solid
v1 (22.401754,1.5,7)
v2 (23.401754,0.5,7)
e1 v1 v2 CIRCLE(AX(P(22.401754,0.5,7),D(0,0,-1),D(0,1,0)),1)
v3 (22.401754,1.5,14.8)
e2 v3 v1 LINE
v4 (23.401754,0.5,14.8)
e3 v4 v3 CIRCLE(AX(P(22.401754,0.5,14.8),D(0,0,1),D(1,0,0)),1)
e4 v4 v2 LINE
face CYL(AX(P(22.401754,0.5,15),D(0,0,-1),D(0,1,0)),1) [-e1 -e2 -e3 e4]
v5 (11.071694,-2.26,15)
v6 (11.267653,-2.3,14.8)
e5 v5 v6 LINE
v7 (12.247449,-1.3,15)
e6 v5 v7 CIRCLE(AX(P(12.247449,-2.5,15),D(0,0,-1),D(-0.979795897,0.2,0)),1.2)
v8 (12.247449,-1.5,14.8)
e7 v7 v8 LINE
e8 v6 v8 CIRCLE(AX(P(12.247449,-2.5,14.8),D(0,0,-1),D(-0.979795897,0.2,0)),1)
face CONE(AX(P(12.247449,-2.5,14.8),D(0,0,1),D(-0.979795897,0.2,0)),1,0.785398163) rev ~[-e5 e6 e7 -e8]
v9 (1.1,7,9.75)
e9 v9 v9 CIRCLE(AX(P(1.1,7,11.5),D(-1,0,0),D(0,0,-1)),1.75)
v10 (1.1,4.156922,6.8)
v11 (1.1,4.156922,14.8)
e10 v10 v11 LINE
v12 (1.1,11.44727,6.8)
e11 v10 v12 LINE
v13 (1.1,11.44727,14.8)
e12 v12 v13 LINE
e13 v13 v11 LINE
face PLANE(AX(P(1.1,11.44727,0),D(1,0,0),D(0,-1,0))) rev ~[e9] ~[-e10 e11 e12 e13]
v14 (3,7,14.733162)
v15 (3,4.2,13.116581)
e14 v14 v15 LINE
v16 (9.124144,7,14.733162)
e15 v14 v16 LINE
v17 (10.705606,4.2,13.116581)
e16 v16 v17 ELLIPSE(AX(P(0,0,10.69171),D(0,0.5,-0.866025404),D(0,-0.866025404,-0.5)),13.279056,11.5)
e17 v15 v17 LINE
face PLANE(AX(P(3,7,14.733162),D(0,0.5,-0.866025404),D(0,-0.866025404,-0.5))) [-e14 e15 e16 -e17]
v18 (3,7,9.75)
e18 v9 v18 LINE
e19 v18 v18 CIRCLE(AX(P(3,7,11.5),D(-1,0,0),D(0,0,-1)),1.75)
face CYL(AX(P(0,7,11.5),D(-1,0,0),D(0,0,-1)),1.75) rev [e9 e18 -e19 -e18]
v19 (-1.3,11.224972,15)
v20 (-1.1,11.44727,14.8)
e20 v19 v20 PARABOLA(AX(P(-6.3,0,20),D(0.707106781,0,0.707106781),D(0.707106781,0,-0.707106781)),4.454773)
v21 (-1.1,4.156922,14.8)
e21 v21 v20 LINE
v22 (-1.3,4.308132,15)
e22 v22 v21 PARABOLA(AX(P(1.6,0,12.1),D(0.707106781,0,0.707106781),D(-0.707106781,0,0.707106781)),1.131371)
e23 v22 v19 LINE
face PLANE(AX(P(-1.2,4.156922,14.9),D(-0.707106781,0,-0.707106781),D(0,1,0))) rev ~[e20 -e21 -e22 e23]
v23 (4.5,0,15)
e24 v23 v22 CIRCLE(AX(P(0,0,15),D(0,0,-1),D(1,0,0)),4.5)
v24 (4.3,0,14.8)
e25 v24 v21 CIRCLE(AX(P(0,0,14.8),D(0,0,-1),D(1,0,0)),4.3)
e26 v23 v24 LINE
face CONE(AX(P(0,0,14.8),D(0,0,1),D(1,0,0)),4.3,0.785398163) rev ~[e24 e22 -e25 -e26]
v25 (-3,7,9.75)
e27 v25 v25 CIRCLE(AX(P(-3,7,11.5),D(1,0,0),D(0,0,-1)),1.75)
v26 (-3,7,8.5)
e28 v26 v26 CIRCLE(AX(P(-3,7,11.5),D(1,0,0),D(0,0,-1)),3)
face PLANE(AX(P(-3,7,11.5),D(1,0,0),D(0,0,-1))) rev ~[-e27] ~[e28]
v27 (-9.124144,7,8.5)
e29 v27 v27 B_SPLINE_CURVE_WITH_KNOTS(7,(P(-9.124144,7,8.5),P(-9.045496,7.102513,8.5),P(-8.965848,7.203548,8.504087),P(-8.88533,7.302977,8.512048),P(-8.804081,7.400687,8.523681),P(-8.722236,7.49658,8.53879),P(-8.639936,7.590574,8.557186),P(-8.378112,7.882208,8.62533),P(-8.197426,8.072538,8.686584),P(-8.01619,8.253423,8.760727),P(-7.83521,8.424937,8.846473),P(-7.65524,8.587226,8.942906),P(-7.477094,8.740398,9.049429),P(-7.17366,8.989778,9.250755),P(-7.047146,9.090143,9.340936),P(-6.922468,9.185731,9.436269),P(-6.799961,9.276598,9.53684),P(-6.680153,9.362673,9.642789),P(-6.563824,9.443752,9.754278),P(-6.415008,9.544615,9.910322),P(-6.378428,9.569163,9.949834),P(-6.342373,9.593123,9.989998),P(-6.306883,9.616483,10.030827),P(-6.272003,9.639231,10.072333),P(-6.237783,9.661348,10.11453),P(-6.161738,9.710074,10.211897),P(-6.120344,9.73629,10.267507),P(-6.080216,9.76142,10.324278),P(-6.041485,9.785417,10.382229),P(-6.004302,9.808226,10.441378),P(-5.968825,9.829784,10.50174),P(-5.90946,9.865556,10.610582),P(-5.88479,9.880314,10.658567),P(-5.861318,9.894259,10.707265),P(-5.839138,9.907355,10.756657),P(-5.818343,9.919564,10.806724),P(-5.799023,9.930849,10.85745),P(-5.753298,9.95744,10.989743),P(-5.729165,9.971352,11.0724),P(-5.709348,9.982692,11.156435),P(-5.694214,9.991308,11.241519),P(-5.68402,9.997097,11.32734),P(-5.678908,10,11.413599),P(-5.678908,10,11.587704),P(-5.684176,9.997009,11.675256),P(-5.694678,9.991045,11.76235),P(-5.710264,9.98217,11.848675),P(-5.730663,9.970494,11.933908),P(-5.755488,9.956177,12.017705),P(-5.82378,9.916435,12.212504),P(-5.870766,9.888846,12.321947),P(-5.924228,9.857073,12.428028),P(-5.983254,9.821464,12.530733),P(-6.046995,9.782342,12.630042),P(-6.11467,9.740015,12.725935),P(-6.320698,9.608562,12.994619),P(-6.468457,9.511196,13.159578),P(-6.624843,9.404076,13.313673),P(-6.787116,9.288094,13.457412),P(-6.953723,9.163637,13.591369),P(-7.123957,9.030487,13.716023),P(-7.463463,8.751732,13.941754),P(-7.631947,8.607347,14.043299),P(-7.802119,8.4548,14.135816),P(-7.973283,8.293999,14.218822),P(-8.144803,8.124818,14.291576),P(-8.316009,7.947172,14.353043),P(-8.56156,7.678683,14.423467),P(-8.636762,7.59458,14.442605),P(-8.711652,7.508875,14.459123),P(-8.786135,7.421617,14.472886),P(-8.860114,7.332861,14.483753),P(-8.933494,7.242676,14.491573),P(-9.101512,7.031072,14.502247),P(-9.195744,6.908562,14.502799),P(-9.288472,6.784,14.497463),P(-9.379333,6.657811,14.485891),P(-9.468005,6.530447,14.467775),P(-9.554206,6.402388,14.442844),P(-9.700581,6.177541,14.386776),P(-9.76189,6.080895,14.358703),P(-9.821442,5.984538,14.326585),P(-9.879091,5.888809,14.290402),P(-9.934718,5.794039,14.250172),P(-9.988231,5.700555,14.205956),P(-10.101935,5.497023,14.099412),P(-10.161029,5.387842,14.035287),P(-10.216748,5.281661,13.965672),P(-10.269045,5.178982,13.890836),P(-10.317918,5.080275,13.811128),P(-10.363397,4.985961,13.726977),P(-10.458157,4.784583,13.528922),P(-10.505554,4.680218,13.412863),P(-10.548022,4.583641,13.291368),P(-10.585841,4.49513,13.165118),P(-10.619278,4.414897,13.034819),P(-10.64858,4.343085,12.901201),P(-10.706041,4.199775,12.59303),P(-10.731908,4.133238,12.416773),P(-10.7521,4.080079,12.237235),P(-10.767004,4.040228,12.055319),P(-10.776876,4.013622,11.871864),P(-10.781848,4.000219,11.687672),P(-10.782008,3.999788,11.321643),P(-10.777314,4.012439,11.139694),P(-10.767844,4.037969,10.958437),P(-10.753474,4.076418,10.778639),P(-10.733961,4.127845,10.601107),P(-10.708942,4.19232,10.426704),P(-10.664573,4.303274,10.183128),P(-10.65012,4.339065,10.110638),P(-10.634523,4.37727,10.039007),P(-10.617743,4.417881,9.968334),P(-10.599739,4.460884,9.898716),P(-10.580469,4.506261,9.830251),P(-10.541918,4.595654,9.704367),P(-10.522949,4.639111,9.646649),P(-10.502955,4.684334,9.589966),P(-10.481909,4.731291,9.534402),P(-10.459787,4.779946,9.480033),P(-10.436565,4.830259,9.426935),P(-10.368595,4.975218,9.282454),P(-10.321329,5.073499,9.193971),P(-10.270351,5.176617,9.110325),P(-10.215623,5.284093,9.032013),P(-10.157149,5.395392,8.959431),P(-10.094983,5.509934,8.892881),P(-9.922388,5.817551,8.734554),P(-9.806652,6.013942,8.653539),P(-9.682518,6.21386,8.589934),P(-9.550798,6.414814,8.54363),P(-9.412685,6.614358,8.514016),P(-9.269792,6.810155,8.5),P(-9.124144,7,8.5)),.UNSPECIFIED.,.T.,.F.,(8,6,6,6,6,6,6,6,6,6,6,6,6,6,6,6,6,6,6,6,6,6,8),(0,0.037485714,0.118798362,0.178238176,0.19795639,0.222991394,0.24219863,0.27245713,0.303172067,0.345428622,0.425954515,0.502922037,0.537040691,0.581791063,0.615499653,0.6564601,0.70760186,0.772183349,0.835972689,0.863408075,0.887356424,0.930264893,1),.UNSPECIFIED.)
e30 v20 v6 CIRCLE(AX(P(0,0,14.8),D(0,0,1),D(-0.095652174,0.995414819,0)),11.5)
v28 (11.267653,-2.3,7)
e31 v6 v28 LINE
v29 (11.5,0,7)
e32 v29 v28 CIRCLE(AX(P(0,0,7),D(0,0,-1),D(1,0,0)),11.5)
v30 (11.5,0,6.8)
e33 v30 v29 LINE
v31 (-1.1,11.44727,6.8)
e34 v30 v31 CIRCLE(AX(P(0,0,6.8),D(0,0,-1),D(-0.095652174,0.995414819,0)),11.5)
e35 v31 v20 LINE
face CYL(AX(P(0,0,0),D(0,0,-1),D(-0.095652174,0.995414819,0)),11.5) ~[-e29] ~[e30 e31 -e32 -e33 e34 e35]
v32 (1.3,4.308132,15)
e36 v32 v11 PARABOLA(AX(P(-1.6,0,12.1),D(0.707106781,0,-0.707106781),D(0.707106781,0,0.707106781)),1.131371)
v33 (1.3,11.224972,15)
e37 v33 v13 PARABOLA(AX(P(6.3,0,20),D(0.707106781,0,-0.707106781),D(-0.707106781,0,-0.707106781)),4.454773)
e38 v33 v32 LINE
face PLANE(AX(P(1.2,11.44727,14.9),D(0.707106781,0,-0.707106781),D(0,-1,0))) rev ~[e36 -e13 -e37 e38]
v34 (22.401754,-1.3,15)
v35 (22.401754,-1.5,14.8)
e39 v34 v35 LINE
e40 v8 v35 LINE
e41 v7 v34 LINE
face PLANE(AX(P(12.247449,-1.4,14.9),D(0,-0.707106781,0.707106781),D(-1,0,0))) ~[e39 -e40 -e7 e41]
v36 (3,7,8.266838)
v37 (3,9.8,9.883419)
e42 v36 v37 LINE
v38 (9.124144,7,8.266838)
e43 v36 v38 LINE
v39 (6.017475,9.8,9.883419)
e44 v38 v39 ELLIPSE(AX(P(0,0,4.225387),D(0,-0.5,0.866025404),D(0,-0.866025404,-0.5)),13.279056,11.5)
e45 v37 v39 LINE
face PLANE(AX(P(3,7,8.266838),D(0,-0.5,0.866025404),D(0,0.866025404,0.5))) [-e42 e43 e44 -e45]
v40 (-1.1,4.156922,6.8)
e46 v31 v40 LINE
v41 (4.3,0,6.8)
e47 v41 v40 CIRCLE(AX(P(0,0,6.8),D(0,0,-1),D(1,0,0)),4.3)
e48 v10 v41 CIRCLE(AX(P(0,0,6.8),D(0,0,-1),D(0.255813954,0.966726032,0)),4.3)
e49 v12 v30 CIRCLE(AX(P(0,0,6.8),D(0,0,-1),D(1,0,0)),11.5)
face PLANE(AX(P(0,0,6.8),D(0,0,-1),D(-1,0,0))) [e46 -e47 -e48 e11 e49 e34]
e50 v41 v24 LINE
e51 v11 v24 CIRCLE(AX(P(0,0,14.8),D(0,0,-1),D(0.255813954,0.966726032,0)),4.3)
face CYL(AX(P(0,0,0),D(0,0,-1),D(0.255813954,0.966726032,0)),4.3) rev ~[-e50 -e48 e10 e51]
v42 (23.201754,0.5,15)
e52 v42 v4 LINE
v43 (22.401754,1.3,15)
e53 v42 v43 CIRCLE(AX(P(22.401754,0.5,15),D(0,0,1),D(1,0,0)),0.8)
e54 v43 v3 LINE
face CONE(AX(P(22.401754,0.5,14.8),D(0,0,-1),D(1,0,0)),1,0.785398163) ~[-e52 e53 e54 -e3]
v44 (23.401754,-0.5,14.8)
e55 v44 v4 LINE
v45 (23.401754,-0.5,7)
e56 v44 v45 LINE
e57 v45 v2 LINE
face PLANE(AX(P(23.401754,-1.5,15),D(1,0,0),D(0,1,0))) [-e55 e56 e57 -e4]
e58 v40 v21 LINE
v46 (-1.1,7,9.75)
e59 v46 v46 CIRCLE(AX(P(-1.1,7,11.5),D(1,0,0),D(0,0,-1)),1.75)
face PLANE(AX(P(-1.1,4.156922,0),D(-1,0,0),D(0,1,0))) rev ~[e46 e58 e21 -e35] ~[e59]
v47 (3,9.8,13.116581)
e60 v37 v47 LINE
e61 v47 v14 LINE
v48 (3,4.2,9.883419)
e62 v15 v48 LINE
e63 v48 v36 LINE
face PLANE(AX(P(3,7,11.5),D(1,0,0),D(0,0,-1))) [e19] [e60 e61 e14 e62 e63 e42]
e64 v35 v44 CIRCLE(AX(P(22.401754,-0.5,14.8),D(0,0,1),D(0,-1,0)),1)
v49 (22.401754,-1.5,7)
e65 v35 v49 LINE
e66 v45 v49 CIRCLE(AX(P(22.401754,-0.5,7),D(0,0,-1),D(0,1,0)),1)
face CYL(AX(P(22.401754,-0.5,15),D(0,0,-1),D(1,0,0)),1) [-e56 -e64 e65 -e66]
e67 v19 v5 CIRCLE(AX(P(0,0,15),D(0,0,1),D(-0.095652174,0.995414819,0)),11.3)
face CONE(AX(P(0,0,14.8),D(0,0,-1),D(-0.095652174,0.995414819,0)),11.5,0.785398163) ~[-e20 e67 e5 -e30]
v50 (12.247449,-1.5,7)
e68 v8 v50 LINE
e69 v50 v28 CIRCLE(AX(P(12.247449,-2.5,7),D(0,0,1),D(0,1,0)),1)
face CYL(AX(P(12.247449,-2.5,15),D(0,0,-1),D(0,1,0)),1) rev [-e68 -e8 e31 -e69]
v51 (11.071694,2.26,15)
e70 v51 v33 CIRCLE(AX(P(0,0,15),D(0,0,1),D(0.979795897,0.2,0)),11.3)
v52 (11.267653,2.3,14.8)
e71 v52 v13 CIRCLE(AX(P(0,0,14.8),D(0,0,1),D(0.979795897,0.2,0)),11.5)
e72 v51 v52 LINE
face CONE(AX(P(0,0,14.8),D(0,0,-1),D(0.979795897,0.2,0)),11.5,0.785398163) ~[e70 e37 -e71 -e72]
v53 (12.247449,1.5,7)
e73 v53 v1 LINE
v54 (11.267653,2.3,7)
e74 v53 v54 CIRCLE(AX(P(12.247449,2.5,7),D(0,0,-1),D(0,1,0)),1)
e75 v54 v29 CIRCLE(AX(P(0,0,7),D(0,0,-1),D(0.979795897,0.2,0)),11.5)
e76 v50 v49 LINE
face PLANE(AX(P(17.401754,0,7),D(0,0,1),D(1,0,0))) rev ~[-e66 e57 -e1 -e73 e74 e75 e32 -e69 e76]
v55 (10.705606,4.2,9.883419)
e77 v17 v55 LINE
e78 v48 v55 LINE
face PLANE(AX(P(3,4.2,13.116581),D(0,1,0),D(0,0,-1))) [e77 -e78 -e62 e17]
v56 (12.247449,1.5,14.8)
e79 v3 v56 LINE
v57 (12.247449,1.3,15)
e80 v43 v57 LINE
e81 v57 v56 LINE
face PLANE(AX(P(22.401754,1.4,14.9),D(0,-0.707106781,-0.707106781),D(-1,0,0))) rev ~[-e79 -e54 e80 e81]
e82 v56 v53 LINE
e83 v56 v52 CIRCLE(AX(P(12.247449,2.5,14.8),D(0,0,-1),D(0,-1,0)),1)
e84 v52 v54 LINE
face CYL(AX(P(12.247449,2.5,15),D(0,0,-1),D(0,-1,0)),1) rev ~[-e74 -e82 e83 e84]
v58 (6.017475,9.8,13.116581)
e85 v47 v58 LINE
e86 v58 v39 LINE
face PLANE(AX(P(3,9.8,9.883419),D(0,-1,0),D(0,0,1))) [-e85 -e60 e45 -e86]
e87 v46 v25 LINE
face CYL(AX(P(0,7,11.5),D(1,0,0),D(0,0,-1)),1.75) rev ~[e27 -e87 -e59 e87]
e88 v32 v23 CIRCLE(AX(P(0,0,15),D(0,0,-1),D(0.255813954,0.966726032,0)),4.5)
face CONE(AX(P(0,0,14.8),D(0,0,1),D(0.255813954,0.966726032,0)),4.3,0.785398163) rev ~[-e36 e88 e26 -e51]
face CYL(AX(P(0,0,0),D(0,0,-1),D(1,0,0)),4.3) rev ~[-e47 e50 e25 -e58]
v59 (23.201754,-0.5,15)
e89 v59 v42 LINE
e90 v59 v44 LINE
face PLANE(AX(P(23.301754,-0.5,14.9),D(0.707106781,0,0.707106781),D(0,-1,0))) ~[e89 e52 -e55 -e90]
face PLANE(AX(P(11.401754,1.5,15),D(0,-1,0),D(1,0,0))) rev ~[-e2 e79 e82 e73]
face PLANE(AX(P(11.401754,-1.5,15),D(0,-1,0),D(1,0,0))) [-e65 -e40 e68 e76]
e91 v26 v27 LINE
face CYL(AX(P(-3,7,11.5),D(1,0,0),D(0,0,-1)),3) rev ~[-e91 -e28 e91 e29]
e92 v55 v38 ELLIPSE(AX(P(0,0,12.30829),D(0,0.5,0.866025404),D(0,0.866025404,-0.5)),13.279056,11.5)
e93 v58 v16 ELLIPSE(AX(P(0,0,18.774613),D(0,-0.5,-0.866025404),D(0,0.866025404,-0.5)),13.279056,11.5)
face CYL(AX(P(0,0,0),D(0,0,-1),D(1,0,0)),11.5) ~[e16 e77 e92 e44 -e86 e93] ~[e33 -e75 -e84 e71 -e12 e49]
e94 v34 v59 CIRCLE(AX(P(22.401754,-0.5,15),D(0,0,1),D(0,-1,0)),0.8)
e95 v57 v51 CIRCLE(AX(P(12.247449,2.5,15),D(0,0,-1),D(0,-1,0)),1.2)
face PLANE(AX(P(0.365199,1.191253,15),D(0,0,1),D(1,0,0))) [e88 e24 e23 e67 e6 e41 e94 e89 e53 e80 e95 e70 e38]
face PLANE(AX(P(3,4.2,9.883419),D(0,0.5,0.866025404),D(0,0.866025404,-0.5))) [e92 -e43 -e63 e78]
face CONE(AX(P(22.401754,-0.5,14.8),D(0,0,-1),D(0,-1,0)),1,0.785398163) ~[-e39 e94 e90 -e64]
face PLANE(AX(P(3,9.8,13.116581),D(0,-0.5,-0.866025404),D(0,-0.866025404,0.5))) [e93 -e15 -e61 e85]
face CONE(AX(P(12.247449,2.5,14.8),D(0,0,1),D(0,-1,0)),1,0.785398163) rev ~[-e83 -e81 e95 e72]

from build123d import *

# Parameters (mm, degrees)
BOSS_EXTRUDE1_DEPTH     = 15
CUT_EXTRUDE4_START      = -3
SKETCH4_R               = 3
SKETCH4_R_2             = 1.75
CUT_EXTRUDE4_DEPTH      = 15
SKETCH4_2_R             = 1.75
CUT_EXTRUDE5_DEPTH      = 12.5000001
CUT_EXTRUDE5_DEPTH_BACK = 12.5000001
CUT_EXTRUDE6_START      = 3
CUT_EXTRUDE6_DEPTH      = 15
SKETCH6_R               = 14
CUT_EXTRUDE7_DEPTH      = 6.8
SKETCH7_W               = 12
SKETCH7_H               = 3
BOSS_EXTRUDE2_DEPTH     = 8
FILLET1_R               = 1
CHAMFER2_SIZE           = 0.2


with BuildPart() as part:
    # Sketch1 → Boss-Extrude1 (new body)
    with BuildSketch(Plane.XY):
        with BuildLine():
            Line((1.1, 11.447270417), (1.1, 4.156921938))
            ThreePointArc((1.1, 4.156921938), (3.407345007, 2.62297541), (4.3, 0))
            ThreePointArc((4.3, 0), (-2.62297541, -3.407345007), (-1.1, 4.156921938))
            Line((-1.1, 4.156921938), (-1.1, 11.447270417))
            ThreePointArc((-1.1, 11.447270417), (-7.733045972, -8.511756575), (11.5, 0))
            ThreePointArc((11.5, 0), (8.511756575, 7.733045972), (1.1, 11.447270417))
        make_face()
    extrude(amount=BOSS_EXTRUDE1_DEPTH)

    # Sketch4 → Cut-Extrude4 (cut)
    with BuildSketch(Plane(origin=(0, 0, 0), x_dir=(0, 0, -1), z_dir=(1, 0, 0)).offset(CUT_EXTRUDE4_START)):
        with Locations((-11.5, 7)):
            Circle(SKETCH4_R)
        with Locations((-11.5, 7)):
            Circle(SKETCH4_R_2, mode=Mode.SUBTRACT)
        with Locations((-3.5, 7)):
            Circle(SKETCH4_R)
        with Locations((-3.5, 7)):
            Circle(SKETCH4_R_2, mode=Mode.SUBTRACT)
    extrude(amount=-CUT_EXTRUDE4_DEPTH, mode=Mode.SUBTRACT)

    # Sketch4_2 → Cut-Extrude5 (cut, two sides)
    with BuildSketch(Plane(origin=(0, 0, 0), x_dir=(0, 0, -1), z_dir=(1, 0, 0))) as cut_extrude5_sk:
        with Locations((-11.5, 7)):
            Circle(SKETCH4_2_R)
        with Locations((-3.5, 7)):
            Circle(SKETCH4_2_R)
    extrude(amount=CUT_EXTRUDE5_DEPTH, mode=Mode.SUBTRACT)
    extrude(cut_extrude5_sk.sketch, amount=-CUT_EXTRUDE5_DEPTH_BACK, mode=Mode.SUBTRACT)

    # Sketch5 → Cut-Extrude6 (cut)
    with BuildSketch(Plane(origin=(0, 0, 0), x_dir=(0, 0, -1), z_dir=(1, 0, 0)).offset(CUT_EXTRUDE6_START)):
        Polygon((-9.883419246, 9.8), (-13.116580754, 9.8), (-14.733161507, 7), (-13.116580754, 4.2), (-9.883419246, 4.2), (-8.266838493, 7), align=None)
        Polygon((-1.883419246, 9.8), (-5.116580754, 9.8), (-6.733161507, 7), (-5.116580754, 4.2), (-1.883419246, 4.2), (-0.266838493, 7), align=None)
    extrude(amount=CUT_EXTRUDE6_DEPTH, mode=Mode.SUBTRACT)

    # Sketch6 → Cut-Extrude7 (cut)
    with BuildSketch(Plane(origin=(0, 0, 0), x_dir=(-1, 0, 0), z_dir=(0, 0, -1))):
        Circle(SKETCH6_R)
    extrude(amount=-CUT_EXTRUDE7_DEPTH, mode=Mode.SUBTRACT)

    # Sketch7 → Boss-Extrude2 (add)
    with BuildSketch(Plane.XY.offset(15)):
        with Locations((17.401754251, 0)):
            Rectangle(SKETCH7_W, SKETCH7_H)
    extrude(amount=-BOSS_EXTRUDE2_DEPTH)

    # Fillet1
    fillet1_edges = [part.edges().sort_by_distance(p)[0] for p in [
        (11.401754251, -1.5, 11),
        (11.401754251, 1.5, 11),
        (23.401754251, 1.5, 11),
        (23.401754251, -1.5, 11),
    ]]
    fillet(fillet1_edges, radius=FILLET1_R)

    # Chamfer2
    chamfer2_edges = [part.edges().sort_by_distance(p)[0] for p in [
        (-8.549394828, -7.691413919, 15),
        (23.401754251, 0, 15),
        (17.324601482, -1.5, 15),
        (17.324601482, 1.5, 15),
        (7.691413919, 8.549394828, 15),
        (23.108861032, -1.207106781, 15),
        (23.108861032, 1.207106781, 15),
        (11.614993182, -1.725403331, 15),
        (11.614993182, 1.725403331, 15),
        (1.1, 7.802096178, 15),
        (0, -4.3, 15),
        (-1.1, 7.802096178, 15),
    ]]
    chamfer(chamfer2_edges, length=CHAMFER2_SIZE)


solid = part.part
